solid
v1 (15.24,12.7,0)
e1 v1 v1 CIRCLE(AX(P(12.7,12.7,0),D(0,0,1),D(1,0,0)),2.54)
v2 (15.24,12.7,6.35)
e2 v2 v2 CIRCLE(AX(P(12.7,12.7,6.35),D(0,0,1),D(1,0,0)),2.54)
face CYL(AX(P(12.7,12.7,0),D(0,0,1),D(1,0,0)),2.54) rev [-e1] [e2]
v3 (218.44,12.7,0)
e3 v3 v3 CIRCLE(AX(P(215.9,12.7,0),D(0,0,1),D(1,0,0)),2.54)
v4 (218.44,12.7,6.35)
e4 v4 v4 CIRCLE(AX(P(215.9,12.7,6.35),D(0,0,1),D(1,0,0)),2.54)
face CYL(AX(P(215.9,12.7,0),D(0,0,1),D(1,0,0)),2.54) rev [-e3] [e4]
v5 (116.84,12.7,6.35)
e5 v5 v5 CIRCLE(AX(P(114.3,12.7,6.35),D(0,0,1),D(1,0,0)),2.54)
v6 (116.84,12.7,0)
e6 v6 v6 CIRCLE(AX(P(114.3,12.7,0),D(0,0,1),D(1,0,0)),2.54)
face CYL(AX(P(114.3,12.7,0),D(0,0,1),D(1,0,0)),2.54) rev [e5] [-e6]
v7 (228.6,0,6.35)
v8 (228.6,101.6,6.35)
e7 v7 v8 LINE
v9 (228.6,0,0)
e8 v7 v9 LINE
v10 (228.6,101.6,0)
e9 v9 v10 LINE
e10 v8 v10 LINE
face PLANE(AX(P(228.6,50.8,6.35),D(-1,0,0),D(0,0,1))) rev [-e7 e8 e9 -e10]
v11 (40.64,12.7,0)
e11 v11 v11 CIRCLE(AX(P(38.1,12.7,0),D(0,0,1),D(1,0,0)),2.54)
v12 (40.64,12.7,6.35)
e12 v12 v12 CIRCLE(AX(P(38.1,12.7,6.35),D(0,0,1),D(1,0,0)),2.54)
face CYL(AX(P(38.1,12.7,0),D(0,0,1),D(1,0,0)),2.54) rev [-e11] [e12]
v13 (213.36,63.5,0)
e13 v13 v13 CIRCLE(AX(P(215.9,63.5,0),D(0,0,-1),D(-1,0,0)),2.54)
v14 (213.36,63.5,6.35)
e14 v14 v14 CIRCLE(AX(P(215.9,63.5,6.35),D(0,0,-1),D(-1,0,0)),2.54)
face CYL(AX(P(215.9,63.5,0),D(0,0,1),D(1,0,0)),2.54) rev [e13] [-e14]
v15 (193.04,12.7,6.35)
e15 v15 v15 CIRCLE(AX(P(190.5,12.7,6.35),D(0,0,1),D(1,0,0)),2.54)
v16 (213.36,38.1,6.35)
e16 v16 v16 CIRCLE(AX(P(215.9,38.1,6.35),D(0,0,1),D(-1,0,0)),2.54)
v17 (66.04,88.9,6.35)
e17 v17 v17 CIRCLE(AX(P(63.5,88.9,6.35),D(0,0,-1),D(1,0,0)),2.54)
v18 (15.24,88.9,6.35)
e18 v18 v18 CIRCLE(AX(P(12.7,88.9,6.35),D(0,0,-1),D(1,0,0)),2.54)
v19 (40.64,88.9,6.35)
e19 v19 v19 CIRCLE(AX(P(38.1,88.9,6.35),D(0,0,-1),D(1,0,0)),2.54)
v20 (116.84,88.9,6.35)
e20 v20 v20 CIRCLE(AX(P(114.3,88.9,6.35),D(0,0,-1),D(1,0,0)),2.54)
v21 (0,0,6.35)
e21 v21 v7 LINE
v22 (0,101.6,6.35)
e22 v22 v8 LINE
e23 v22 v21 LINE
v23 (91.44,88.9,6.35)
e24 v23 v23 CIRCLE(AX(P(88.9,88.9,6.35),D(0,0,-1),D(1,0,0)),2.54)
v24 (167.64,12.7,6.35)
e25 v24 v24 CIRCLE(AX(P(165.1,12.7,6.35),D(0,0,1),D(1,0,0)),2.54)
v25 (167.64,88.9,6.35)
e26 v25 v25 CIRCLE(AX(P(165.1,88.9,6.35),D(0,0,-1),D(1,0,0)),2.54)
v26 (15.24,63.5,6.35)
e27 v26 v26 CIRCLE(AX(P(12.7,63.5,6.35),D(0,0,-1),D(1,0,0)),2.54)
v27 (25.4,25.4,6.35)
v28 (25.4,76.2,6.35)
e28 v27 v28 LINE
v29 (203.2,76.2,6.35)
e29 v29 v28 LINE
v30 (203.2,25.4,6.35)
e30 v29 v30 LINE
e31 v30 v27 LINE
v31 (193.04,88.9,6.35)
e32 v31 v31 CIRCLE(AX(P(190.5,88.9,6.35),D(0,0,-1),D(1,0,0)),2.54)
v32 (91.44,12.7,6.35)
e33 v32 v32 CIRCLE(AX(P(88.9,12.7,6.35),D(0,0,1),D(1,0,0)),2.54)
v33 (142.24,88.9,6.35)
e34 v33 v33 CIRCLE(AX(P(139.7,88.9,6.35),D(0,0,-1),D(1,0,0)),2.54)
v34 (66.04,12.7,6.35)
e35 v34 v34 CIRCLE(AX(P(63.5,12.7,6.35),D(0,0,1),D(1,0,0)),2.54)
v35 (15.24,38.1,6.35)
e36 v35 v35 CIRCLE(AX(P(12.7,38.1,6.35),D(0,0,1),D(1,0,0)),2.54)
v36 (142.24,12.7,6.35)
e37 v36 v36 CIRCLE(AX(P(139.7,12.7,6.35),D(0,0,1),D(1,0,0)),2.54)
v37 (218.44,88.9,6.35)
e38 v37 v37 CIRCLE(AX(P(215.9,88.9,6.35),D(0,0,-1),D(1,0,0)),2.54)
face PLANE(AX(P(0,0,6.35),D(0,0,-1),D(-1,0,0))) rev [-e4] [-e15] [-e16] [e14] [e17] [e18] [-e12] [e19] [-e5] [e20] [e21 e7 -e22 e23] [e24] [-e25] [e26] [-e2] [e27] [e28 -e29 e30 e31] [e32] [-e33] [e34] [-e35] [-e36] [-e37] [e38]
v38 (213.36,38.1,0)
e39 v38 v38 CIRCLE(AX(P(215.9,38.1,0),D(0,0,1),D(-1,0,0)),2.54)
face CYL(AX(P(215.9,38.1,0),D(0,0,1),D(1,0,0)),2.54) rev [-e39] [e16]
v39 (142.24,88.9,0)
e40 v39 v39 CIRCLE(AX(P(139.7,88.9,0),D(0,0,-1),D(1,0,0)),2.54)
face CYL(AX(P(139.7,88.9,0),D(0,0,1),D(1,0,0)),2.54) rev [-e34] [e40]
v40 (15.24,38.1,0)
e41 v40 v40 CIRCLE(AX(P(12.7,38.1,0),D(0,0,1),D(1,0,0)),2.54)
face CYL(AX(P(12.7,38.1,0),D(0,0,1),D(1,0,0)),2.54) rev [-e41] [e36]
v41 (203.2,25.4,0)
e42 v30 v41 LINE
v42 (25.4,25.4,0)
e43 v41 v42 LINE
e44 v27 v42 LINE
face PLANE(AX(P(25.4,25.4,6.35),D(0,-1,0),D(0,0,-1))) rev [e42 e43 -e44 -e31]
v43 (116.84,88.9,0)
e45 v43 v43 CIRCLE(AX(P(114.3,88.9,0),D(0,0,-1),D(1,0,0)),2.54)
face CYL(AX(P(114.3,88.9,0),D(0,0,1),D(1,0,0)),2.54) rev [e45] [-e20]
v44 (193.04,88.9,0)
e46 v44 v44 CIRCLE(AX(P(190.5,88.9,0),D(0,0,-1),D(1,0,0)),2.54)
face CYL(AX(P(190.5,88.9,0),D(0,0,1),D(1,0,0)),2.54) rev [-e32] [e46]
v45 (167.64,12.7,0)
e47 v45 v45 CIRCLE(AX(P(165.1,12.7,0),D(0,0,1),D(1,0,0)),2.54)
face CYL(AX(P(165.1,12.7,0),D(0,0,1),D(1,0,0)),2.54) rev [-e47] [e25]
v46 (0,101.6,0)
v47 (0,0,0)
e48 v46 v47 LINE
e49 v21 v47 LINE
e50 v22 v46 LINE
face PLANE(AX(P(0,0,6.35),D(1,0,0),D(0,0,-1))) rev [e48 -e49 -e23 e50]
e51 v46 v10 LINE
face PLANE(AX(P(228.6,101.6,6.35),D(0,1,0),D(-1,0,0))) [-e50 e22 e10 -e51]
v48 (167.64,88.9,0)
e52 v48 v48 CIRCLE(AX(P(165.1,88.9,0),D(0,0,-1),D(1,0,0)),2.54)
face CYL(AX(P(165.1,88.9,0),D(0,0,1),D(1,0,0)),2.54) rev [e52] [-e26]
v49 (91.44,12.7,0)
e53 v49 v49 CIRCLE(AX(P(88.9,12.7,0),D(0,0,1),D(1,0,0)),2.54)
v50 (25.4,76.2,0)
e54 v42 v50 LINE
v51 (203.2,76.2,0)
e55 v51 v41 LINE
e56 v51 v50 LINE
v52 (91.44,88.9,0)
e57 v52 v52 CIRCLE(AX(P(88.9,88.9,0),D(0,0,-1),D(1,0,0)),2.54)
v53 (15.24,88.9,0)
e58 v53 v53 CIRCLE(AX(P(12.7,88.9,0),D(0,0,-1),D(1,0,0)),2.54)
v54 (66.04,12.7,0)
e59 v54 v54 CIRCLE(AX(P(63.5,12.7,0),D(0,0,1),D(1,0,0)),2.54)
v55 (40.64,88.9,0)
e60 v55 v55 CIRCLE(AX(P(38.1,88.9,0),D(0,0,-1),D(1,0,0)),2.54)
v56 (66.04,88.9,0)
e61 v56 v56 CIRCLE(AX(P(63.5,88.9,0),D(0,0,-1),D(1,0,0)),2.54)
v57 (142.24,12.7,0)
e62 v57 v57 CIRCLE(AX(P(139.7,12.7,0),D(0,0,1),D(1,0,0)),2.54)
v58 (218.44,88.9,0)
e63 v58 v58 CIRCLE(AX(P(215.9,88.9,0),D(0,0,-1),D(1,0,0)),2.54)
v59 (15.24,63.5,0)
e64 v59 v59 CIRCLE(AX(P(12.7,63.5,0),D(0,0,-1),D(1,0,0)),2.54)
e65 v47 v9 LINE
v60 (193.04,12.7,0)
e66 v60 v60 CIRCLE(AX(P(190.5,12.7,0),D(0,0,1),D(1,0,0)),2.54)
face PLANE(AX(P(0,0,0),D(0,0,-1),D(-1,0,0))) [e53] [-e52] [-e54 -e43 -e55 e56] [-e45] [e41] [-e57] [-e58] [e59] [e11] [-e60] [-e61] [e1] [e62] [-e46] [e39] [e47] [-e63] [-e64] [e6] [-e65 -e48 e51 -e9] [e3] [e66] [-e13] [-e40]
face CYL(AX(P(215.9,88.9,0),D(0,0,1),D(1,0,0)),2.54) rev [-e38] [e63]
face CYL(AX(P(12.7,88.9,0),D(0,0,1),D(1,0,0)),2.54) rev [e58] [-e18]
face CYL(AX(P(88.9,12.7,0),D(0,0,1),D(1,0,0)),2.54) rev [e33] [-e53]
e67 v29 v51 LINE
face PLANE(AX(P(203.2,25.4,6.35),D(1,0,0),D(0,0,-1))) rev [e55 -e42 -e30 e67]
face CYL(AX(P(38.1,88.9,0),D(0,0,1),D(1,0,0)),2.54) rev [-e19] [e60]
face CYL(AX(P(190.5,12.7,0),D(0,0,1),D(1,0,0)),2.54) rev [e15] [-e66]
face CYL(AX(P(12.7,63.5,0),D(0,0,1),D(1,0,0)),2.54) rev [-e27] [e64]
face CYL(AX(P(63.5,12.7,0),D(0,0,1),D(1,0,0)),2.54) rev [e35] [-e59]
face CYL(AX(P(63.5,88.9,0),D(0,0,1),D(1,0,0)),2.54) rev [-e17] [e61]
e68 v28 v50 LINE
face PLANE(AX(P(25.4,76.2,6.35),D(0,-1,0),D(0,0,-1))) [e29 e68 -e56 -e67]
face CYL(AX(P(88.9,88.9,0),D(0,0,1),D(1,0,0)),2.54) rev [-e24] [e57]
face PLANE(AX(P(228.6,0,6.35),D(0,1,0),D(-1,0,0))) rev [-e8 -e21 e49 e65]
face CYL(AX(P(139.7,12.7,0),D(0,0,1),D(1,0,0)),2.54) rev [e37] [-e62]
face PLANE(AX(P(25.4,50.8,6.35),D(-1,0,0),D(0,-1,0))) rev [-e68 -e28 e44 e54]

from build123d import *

# Parameters (mm, degrees)
BOSS_EXTRUDE1_DEPTH = 6.35
SKETCH2_R           = 2.54
CUT_EXTRUDE1_DEPTH  = 235.26250767


with BuildPart() as part:
    # Sketch1 → Boss-Extrude1 (new body)
    with BuildSketch(Plane.XY):
        Polygon((0, 0), (0, 50.8), (25.4, 50.8), (25.4, 25.4), (203.2, 25.4), (203.2, 50.8), (228.6, 50.8), (228.6, 0), align=None)
    boss_extrude1 = extrude(amount=BOSS_EXTRUDE1_DEPTH)

    # Sketch2 → Cut-Extrude1 (cut, through all)
    with BuildSketch(Plane.XY.offset(6.35)):
        with Locations((12.7, 38.1)):
            Circle(SKETCH2_R)
        with Locations((12.7, 12.7)):
            Circle(SKETCH2_R)
        with Locations((38.1, 12.7)):
            Circle(SKETCH2_R)
        with Locations((63.5, 12.7)):
            Circle(SKETCH2_R)
        with Locations((88.9, 12.7)):
            Circle(SKETCH2_R)
        with Locations((114.3, 12.7)):
            Circle(SKETCH2_R)
        with Locations((139.7, 12.7)):
            Circle(SKETCH2_R)
        with Locations((165.1, 12.7)):
            Circle(SKETCH2_R)
        with Locations((190.5, 12.7)):
            Circle(SKETCH2_R)
        with Locations((215.9, 12.7)):
            Circle(SKETCH2_R)
        with Locations(Location((215.9, 38.1, 0), (0, 0, 180))):
            Circle(SKETCH2_R)
    cut_extrude1 = extrude(amount=-CUT_EXTRUDE1_DEPTH, mode=Mode.SUBTRACT)

    # Mirror2: Boss-Extrude1, Cut-Extrude1 across plane
    add(boss_extrude1.mirror(Plane(origin=(0, 50.8, 6.35), x_dir=(0, 0, 1), z_dir=(0, -1, 0))))
    add(cut_extrude1.mirror(Plane(origin=(0, 50.8, 6.35), x_dir=(0, 0, 1), z_dir=(0, -1, 0))), mode=Mode.SUBTRACT)


solid = part.part
